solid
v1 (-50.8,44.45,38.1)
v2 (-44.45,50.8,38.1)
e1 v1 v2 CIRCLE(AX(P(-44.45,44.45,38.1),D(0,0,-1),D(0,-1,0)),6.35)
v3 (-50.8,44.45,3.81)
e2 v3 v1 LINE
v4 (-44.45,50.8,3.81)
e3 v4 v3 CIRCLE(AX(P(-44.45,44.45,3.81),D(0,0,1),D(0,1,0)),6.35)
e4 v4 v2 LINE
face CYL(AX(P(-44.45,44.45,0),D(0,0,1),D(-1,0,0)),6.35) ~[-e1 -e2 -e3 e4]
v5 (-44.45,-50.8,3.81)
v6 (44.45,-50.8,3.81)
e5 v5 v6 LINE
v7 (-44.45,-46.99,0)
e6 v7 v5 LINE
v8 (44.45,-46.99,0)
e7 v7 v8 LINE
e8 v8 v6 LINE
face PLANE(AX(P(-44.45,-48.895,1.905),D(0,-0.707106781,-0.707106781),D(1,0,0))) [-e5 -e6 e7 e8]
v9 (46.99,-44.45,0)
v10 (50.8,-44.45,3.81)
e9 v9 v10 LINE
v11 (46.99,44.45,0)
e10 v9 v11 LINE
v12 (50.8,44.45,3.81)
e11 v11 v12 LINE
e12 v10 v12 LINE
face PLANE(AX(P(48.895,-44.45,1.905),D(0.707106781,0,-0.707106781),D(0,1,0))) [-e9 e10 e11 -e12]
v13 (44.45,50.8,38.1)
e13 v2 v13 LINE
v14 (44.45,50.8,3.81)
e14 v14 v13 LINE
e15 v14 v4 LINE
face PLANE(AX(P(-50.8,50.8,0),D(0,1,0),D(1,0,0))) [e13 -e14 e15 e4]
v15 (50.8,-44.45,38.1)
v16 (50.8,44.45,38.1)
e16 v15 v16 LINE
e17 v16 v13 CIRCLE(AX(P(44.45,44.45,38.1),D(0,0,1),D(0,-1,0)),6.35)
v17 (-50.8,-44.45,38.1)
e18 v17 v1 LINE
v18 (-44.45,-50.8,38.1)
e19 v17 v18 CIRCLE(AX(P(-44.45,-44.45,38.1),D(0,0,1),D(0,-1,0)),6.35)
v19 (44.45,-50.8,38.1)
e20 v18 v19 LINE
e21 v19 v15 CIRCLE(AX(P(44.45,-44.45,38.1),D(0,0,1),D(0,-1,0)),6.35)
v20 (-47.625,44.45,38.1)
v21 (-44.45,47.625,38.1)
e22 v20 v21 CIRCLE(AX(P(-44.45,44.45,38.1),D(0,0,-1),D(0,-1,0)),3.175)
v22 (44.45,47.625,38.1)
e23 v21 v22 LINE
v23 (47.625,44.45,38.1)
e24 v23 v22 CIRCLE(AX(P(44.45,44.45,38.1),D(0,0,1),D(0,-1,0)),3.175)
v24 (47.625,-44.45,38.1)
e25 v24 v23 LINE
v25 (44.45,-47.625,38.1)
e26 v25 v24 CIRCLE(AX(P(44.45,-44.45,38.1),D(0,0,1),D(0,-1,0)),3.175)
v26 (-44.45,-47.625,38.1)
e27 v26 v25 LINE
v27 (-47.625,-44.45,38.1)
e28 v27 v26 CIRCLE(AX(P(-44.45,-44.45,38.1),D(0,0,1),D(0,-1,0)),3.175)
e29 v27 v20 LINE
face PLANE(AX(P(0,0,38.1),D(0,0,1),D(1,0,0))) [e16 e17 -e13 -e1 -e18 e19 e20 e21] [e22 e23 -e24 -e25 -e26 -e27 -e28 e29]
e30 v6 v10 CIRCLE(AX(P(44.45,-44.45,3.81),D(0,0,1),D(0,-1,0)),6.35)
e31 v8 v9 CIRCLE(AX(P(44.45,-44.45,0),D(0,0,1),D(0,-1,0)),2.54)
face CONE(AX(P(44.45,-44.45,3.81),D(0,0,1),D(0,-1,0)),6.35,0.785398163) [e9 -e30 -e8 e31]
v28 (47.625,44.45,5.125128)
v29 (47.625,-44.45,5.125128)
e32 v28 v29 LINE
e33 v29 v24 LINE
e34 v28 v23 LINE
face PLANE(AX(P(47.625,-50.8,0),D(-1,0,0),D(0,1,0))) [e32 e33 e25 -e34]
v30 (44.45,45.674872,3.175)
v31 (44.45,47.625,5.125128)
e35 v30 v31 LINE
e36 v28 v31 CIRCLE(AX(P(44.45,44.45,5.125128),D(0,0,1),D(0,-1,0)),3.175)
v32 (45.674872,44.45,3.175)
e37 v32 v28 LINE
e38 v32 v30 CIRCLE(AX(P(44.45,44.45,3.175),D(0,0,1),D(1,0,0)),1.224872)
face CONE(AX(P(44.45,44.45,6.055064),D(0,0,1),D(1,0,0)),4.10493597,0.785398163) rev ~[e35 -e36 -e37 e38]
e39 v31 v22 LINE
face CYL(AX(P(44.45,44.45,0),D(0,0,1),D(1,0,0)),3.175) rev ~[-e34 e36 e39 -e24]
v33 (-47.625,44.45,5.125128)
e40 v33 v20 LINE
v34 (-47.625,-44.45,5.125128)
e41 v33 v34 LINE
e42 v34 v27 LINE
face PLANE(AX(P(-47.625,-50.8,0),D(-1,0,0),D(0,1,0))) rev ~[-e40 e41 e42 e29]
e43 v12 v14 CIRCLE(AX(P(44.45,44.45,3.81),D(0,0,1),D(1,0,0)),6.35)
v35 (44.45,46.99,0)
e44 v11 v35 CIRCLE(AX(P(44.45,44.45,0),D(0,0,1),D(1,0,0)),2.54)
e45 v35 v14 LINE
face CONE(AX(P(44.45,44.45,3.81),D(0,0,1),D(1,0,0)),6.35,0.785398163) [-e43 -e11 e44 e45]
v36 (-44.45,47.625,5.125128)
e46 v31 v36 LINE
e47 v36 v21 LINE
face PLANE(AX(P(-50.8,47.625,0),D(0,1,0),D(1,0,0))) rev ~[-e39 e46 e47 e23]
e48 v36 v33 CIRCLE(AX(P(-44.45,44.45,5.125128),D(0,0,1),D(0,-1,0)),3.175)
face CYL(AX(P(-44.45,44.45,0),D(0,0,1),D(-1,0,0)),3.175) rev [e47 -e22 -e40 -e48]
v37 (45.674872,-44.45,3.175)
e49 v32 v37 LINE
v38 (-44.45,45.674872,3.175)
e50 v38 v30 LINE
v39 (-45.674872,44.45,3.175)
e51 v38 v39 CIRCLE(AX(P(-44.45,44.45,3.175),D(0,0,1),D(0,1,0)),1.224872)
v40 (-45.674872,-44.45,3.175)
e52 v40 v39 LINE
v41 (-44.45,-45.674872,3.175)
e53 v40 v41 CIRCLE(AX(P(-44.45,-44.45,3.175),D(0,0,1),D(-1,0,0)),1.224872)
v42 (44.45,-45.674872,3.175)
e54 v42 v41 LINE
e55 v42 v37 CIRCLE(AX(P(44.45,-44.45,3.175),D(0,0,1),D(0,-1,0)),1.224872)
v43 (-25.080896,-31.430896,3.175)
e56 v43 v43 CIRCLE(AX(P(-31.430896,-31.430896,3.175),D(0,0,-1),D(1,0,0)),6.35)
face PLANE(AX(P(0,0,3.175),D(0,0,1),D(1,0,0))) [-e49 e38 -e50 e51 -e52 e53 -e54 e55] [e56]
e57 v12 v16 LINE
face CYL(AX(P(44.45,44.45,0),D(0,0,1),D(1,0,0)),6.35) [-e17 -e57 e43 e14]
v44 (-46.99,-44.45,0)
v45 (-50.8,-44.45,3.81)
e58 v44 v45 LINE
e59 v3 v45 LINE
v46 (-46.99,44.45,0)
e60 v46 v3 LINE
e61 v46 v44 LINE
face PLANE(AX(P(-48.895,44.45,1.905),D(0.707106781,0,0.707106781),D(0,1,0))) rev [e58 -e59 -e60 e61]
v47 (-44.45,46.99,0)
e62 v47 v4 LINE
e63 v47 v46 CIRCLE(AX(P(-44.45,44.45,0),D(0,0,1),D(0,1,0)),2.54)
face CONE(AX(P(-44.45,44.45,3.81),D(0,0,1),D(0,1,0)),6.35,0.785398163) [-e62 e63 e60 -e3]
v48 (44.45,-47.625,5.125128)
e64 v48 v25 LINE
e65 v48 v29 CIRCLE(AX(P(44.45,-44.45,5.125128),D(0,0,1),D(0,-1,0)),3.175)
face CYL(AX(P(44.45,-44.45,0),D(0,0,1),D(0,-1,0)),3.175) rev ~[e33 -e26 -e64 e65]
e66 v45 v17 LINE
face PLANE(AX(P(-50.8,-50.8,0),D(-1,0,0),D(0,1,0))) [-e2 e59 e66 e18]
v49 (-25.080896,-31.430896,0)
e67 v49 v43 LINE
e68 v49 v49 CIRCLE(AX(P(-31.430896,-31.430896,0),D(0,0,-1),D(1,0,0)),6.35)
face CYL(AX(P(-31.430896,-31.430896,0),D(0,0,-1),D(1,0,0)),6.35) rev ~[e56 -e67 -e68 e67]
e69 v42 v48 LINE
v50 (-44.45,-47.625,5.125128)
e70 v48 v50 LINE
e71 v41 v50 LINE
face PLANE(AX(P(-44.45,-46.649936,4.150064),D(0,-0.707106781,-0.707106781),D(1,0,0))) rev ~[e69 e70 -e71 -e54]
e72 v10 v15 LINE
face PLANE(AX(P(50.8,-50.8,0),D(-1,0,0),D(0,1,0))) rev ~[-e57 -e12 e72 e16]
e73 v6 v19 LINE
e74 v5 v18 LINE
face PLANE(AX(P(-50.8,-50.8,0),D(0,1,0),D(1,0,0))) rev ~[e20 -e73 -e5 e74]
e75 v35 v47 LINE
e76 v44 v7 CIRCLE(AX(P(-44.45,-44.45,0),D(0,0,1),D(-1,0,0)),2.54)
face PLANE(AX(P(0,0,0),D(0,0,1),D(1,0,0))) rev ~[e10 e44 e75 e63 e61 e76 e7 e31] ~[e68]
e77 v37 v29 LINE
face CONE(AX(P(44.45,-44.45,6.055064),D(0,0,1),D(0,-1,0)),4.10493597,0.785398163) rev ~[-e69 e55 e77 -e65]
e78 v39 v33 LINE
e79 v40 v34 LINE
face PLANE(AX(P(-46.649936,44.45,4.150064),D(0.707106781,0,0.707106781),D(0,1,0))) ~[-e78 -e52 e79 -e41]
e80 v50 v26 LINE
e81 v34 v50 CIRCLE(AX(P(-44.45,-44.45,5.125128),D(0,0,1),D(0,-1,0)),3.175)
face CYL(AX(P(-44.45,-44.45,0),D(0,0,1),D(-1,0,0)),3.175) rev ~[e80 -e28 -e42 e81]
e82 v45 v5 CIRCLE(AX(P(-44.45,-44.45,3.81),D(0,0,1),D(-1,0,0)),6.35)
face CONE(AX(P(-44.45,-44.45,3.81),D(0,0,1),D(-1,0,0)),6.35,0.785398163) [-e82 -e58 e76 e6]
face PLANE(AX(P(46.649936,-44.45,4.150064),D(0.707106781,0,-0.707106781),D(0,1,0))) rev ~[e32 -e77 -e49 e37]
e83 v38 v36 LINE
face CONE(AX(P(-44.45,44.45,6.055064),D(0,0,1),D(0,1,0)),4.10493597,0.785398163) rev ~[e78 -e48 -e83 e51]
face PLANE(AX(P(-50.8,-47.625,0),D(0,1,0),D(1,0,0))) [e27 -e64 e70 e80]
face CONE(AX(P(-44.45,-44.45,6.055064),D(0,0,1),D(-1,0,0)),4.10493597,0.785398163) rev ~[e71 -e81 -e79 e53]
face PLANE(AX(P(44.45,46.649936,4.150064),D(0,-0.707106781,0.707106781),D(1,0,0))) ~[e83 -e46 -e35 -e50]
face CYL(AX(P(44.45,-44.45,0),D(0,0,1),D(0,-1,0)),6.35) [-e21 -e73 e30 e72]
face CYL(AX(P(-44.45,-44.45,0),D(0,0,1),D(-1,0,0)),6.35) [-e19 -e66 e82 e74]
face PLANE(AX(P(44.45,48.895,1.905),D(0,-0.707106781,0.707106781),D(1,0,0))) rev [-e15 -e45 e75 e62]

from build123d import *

# Parameters (mm, degrees)
F0_W     = 101.6
F0_H     = 101.6
F1_DEPTH = 38.1
F3_R     = 6.35
F4_SIZE  = 3.81
F5_T     = -3.175
F2_R     = 6.35
F6_DEPTH = 38.101


with BuildPart() as f1:
    # F0 (on Top) → F1 (new body)
    with BuildSketch(Plane.XY):
        Rectangle(F0_W, F0_H)
    extrude(amount=F1_DEPTH)

    # F3
    f3_edges = [f1.edges().sort_by_distance(p)[0] for p in [
        (50.8, -50.8, 19.05),
        (50.8, 50.8, 19.05),
        (-50.8, 50.8, 19.05),
        (-50.8, -50.8, 19.05),
    ]]
    fillet(f3_edges, radius=F3_R)

    # F4
    f4_edges = [f1.edges().sort_by_distance(p)[0] for p in [
        (50.8, 0, 0),
    ]]
    chamfer(f4_edges, length=F4_SIZE)

    # F5
    f5_openings = [f1.faces().sort_by_distance(p)[0] for p in [
        (0, 0, 38.1),
    ]]
    offset(amount=F5_T, openings=f5_openings)

    # F2 (on face) → F6 (cut, through all)
    with BuildSketch(Plane(origin=(0, 0, 0), x_dir=(1, 0, 0), z_dir=(0, 0, -1))):
        with Locations((-31.430896, 31.430896)):
            Circle(F2_R)
    extrude(amount=-F6_DEPTH, mode=Mode.SUBTRACT)


solid = f1.part
